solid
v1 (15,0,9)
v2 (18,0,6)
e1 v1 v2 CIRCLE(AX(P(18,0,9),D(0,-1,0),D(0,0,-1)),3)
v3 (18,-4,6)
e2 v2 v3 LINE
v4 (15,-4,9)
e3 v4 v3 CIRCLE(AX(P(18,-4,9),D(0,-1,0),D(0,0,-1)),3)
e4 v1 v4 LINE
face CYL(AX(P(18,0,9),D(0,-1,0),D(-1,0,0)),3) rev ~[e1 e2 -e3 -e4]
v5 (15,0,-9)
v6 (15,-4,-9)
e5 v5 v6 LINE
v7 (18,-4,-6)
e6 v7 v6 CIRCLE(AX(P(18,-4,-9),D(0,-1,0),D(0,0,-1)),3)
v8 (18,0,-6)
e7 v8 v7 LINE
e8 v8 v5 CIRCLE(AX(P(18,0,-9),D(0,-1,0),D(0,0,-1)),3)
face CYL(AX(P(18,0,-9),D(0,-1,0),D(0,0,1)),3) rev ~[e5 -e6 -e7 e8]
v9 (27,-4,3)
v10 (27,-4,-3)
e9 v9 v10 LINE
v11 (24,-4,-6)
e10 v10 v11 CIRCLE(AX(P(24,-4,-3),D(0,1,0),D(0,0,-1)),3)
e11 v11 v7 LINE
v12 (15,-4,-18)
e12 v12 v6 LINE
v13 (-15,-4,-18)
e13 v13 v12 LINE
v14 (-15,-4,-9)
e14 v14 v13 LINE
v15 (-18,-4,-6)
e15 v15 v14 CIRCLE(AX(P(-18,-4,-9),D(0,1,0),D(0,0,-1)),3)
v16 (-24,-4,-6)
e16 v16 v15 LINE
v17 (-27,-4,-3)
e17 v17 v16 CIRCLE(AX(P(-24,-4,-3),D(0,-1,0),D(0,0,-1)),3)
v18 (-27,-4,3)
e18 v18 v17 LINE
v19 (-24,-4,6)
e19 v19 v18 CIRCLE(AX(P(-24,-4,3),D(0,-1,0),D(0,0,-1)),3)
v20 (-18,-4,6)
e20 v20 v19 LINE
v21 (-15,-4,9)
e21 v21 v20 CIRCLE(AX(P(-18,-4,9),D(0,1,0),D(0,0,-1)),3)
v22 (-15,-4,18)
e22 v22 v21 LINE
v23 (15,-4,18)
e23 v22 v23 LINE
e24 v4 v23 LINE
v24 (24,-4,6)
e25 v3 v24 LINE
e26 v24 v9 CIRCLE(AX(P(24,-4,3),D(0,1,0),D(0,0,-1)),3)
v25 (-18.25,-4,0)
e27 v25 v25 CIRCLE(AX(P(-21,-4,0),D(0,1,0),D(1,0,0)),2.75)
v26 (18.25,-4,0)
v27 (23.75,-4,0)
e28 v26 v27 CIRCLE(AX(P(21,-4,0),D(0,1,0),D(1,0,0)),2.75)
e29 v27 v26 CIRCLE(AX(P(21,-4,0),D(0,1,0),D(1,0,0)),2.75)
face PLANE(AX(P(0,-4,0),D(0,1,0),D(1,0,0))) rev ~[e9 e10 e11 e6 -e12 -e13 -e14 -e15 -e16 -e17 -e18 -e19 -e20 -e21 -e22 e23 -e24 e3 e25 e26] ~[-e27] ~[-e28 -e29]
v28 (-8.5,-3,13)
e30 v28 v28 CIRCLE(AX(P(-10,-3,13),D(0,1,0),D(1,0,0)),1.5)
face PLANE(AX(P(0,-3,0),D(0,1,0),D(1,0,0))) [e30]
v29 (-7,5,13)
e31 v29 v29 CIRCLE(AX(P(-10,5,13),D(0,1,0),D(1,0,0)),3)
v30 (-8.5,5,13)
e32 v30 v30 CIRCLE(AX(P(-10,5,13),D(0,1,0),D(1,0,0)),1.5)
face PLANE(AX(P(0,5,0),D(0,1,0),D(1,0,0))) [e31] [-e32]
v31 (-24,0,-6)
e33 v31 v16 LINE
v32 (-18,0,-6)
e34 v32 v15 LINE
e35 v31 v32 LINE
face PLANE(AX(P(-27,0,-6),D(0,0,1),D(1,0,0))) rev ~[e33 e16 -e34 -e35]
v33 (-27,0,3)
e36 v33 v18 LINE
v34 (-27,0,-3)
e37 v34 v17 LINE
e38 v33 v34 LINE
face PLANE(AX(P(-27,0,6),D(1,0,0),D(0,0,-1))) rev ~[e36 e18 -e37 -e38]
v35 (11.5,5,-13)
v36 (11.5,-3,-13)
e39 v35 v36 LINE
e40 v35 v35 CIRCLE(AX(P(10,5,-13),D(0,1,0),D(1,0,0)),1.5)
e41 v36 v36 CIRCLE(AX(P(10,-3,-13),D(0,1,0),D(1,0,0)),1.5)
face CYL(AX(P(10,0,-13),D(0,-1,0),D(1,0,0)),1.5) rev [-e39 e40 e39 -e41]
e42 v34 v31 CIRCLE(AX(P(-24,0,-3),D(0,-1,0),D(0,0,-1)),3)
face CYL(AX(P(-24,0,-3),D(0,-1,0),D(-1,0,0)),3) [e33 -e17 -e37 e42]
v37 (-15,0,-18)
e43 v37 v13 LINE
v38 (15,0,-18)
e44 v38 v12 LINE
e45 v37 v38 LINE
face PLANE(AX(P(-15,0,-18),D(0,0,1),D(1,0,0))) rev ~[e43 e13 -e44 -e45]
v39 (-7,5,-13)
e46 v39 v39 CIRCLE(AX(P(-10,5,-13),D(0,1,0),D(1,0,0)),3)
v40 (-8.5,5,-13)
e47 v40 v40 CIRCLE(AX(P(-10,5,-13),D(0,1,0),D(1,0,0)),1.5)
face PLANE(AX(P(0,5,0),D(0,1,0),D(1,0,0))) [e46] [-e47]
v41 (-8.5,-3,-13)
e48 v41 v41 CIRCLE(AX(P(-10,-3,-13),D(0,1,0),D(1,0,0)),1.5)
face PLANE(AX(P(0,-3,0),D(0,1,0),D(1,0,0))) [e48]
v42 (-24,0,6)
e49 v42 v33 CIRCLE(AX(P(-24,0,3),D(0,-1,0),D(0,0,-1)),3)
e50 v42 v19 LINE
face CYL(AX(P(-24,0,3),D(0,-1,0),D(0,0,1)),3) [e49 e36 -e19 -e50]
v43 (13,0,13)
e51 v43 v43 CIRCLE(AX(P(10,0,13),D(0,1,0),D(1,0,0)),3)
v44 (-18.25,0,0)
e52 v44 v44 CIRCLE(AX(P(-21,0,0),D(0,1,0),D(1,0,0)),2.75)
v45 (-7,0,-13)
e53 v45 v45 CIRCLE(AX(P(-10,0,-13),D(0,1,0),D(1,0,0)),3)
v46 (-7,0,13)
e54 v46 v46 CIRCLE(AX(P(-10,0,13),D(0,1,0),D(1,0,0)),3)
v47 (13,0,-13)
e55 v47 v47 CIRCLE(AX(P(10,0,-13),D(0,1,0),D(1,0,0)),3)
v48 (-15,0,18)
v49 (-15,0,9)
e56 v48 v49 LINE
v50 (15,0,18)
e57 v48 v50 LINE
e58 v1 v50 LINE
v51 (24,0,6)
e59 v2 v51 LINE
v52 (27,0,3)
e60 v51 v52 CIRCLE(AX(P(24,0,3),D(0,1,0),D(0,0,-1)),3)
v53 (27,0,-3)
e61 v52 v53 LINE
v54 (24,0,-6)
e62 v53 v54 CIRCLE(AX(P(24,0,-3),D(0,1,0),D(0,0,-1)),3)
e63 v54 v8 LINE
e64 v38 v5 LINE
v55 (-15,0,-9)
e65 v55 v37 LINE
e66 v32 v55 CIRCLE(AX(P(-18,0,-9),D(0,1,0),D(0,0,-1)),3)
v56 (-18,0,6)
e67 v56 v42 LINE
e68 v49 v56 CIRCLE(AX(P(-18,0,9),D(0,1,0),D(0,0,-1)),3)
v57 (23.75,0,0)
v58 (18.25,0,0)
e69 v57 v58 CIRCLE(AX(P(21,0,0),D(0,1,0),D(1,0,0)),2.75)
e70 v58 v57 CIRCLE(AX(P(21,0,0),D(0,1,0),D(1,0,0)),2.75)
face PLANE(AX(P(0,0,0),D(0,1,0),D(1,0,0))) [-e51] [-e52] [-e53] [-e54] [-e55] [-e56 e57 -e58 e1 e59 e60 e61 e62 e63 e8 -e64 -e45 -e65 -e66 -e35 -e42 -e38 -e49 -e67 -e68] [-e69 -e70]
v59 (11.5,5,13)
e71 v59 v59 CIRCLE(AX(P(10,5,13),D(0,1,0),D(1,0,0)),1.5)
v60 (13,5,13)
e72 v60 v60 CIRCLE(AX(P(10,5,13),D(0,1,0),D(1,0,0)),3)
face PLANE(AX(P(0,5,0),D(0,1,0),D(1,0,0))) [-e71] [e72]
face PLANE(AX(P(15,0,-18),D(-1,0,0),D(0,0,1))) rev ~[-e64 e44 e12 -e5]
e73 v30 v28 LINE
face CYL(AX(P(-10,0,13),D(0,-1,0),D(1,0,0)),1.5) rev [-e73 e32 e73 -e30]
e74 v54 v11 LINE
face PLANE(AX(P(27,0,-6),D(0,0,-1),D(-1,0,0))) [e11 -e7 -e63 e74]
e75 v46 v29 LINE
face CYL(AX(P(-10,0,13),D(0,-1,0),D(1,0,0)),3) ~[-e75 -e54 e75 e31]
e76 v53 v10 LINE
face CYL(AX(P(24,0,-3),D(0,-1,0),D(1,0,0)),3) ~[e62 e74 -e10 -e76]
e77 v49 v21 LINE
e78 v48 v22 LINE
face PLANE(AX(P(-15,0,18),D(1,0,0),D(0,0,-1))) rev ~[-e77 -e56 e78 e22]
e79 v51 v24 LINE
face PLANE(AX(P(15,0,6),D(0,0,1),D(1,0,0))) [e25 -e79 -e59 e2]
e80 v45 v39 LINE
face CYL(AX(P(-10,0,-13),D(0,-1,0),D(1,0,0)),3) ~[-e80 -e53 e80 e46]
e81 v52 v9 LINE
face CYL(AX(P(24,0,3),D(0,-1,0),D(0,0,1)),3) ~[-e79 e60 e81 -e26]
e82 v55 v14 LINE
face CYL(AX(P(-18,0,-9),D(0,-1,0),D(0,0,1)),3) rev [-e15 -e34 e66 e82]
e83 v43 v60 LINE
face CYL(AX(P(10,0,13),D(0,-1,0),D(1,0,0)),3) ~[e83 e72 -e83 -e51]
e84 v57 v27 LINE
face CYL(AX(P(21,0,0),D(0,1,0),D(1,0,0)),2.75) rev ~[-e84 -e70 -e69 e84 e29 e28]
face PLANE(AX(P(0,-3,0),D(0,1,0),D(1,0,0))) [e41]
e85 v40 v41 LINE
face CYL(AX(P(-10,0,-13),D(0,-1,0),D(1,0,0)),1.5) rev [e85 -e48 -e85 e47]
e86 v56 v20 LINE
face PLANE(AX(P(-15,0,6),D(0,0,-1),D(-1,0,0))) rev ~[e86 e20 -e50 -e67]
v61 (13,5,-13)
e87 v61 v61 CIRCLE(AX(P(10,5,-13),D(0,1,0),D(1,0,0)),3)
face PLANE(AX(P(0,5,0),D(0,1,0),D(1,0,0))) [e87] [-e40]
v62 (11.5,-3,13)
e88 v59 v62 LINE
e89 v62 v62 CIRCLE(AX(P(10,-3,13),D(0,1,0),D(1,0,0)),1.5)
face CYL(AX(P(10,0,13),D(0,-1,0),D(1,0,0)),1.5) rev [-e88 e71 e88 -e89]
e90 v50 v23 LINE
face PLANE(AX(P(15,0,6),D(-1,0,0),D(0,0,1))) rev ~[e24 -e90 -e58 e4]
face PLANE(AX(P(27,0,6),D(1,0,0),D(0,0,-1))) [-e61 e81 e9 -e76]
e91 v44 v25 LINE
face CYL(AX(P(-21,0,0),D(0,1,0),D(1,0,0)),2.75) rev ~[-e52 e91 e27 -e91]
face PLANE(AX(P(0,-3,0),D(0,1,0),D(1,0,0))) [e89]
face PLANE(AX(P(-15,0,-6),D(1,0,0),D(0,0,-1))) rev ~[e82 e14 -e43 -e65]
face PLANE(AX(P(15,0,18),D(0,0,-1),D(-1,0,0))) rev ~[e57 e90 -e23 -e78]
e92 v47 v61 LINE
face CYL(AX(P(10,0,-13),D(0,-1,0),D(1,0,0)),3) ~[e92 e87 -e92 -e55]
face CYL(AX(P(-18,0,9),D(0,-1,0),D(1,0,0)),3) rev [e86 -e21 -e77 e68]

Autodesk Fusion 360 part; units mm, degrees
sketch "Sketch1" plane through (0, 0, 0) normal (0, 1, 0) x (1, 0, 0)
  line L0 (10, 13) -> (-10, 13) construction
  line L1 (-10, 13) -> (-10, -13) construction
  line L2 (-10, -13) -> (10, -13) construction
  line L3 (10, -13) -> (10, 13) construction
  line L4 (10, 13) -> (-10, -13) construction
  line L5 (-10, 13) -> (10, -13) construction
  circle A0 centre (10, 13) radius 1.5
  line L6 (0, 0) -> (0, 6) construction
  line L7 (0, 0) -> (-6, 0) construction
  line L8 (2.5, 0) -> (20, 0)
  circle A1 centre (10, -13) radius 1.5
  line L9 (0, -20) -> (0, -2.5)
  circle A2 centre (-10, 13) radius 1.5
  circle A3 centre (-10, -13) radius 1.5
  circle A4 centre (-10, -13) radius 3
  circle A5 centre (-10, 13) radius 3
  circle A6 centre (10, -13) radius 3
  circle A7 centre (10, 13) radius 3
  line L10 (15, -18) -> (-15, -18)
  line L11 (-15, -18) -> (-15, 18)
  line L12 (-15, 18) -> (15, 18)
  line L13 (15, 18) -> (15, -18)
  line L14 (15, -18) -> (-15, 18) construction
  line L15 (-15, -18) -> (15, 18) construction
  line L16 (15, -6) -> (27, -6)
  line L17 (27, -6) -> (27, 6)
  line L18 (27, 6) -> (15, 6)
  line L19 (15, 6) -> (15, -6)
  line L20 (15, -6) -> (27, 6) construction
  line L21 (27, -6) -> (15, 6) construction
  circle A8 centre (21, 0) radius 2.75
  circle A9 centre (-21, 0) radius 2.75
  line L22 (-15, -6) -> (-27, -6)
  line L23 (-27, -6) -> (-27, 6)
  line L24 (-27, 6) -> (-15, 6)
  point P0 (21, 0)
  dimension "d1" = 3
  dimension "d2" = 1.5
  dimension "d3" = 26
  dimension "d4" = 20
  dimension "d5" = 5
  dimension "d6" = 5
  dimension "d7" = 12
  dimension "d8" = 12
  dimension "d9" = 5.5
extrude "Extrude1" add sketch "Sketch1" against normal blind 4 contours A0 | L10 L11 L12 L13 L19 | L13 L16 L17 L18 L19 | L11 L22 L23 L24 | A1 | A2 | A3 | A4 | A5 | A6 | A7
extrude "Extrude2" add sketch "Sketch1" along normal blind 5 contours A4 | A5 | A6 | A7
extrude "Extrude3" cut sketch "Sketch1" against normal blind 3 contours A0 | A1 | A2 | A3
fillet "Fillet1" radius 3 8 edges at (-27, -2, -6) (-27, -2, 6) (27, -2, -6) (27, -2, 6) (15, -2, -6) (15, -2, 6) (-15, -2, 6) (-15, -2, -6)
